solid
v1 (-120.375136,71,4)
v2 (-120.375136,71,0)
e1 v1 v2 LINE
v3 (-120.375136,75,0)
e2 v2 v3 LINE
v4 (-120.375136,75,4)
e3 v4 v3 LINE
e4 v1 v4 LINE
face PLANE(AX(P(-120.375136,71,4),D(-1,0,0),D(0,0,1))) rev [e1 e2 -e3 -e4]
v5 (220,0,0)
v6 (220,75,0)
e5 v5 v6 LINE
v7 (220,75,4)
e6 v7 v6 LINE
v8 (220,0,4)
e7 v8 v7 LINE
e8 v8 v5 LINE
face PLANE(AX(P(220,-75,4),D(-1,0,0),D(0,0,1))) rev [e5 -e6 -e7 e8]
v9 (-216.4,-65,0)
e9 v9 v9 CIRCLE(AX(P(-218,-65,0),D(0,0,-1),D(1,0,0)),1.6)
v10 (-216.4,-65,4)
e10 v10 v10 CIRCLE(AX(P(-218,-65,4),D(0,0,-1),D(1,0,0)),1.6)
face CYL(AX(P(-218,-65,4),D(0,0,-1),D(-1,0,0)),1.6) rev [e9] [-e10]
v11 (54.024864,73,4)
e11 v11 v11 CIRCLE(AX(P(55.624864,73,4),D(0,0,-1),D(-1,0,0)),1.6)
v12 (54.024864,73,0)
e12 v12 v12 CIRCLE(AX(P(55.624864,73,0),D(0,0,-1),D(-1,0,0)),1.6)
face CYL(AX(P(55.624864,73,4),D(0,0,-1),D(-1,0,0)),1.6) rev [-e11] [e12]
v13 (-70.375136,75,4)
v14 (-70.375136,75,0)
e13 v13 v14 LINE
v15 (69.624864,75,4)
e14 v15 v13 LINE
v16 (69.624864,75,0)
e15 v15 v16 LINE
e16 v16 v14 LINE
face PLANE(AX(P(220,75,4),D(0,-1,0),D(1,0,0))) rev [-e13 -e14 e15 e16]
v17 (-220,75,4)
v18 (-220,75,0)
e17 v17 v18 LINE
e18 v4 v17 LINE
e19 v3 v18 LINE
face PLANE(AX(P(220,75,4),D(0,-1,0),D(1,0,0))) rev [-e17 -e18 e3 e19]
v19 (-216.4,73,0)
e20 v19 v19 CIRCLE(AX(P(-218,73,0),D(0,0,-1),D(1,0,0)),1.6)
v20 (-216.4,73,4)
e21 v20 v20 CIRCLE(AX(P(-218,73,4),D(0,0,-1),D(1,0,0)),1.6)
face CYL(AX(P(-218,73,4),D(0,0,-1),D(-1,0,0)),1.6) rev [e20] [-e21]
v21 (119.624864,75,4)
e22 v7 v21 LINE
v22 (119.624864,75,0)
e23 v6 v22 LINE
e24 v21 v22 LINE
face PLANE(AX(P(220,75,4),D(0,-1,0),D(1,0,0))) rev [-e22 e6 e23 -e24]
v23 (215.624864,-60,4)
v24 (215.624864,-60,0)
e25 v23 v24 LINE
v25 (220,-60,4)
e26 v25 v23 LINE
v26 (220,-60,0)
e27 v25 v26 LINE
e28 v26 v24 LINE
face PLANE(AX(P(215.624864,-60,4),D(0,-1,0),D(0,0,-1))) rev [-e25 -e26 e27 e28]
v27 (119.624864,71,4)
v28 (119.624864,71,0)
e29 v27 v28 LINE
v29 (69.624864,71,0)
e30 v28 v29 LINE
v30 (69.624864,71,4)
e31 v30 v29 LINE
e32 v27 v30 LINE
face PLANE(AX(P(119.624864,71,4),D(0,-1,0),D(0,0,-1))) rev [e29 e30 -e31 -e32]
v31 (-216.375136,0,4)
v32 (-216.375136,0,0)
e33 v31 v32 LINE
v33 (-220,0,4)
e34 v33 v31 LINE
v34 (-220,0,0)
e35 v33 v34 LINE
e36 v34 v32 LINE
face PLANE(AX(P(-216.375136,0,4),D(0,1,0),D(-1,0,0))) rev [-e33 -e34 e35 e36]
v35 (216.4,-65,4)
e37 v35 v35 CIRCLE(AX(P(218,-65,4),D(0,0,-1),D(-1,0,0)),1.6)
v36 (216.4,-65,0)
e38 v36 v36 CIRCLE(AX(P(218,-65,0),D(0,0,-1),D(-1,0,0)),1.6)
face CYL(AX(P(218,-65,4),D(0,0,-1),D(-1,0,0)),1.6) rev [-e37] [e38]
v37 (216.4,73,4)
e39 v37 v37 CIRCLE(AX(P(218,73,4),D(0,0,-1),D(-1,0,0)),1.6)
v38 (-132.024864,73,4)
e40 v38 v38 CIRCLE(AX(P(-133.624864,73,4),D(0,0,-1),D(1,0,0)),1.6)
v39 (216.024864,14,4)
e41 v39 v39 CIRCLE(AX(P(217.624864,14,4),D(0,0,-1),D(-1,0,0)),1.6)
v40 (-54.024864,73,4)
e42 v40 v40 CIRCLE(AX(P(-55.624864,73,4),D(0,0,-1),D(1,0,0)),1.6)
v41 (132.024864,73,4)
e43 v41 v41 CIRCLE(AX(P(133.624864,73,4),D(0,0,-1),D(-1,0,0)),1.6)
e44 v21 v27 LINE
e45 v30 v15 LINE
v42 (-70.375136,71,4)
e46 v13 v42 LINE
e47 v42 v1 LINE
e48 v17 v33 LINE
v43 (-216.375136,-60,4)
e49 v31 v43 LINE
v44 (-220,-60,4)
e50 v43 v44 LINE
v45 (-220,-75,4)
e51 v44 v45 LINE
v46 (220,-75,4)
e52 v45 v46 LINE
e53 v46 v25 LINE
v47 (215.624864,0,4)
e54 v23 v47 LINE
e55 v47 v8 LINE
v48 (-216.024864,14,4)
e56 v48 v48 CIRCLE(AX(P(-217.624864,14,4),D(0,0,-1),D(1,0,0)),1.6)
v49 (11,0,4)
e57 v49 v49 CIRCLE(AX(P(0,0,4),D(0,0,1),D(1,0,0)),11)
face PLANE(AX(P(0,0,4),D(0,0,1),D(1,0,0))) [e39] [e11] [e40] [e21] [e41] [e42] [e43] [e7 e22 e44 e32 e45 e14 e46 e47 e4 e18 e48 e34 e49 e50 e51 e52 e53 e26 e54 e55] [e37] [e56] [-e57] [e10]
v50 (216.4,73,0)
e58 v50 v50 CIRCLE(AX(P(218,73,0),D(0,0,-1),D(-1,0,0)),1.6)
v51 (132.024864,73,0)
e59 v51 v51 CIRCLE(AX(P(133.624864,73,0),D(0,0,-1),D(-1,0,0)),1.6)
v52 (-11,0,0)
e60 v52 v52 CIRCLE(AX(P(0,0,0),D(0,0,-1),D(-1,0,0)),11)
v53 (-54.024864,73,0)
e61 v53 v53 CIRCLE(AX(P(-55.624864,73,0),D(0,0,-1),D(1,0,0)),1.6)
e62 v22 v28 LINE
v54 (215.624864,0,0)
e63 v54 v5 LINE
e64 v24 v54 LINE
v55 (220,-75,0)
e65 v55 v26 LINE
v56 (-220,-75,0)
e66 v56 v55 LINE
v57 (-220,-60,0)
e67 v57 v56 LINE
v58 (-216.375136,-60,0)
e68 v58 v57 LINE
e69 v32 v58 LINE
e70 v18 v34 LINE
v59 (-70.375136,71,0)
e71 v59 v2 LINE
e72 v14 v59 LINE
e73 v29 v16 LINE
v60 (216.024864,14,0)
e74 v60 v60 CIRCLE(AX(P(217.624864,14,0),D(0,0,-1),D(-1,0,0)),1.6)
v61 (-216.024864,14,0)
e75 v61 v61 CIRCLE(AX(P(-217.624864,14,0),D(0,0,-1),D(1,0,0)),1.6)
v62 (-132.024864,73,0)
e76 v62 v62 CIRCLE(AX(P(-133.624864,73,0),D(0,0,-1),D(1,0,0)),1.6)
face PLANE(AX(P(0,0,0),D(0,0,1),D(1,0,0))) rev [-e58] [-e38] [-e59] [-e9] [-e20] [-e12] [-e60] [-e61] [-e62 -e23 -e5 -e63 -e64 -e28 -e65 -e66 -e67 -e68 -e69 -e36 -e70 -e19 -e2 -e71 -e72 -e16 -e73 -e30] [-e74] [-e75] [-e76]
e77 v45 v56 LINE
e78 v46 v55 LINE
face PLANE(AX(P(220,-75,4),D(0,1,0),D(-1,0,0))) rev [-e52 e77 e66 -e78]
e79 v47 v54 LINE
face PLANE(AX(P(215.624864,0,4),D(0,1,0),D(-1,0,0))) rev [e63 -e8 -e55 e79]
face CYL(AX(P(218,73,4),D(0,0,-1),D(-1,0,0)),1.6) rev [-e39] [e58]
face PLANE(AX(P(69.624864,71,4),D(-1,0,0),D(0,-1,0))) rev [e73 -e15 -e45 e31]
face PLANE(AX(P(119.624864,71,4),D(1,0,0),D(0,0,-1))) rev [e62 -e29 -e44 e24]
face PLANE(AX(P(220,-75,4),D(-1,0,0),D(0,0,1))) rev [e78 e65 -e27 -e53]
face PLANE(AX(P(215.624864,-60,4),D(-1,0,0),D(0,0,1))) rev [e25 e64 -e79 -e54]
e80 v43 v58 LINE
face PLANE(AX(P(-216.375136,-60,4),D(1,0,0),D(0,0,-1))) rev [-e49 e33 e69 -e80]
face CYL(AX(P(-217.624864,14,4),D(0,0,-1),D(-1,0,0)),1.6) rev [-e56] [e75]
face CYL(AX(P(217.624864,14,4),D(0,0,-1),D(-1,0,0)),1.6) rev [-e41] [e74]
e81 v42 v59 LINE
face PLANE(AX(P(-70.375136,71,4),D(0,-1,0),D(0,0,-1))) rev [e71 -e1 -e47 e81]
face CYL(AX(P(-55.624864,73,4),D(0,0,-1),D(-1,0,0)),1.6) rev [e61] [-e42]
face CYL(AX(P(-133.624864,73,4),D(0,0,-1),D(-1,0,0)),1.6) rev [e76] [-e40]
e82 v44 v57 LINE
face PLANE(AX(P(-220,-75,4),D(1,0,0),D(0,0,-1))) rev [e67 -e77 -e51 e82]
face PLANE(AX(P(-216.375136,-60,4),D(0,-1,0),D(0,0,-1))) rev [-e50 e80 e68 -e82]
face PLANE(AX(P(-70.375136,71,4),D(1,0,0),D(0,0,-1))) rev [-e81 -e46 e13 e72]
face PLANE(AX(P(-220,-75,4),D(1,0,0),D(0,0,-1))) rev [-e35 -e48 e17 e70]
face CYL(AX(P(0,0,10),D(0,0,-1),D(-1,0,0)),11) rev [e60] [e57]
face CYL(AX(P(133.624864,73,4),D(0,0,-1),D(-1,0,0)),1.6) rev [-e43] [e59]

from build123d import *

# Parameters (mm, degrees)
ESQUISSE1_W             = 440
ESQUISSE1_H             = 150
BOSS_EXTRU_1_DEPTH      = 4
ESQUISSE2_R             = 11
ENL_V_MAT_EXTRU_1_DEPTH = 10
ESQUISSE3_W             = 3.624864112
ESQUISSE3_H             = 60
ESQUISSE3_W_2           = 4.375135888
ESQUISSE3_W_3           = 50
ESQUISSE3_H_2           = 4
ENL_V_MAT_EXTRU_2_DEPTH = 4
ESQUISSE4_R             = 1.6
ENL_V_MAT_EXTRU_3_DEPTH = 4


with BuildPart() as part:
    # Esquisse1 → Boss.-Extru.1 (new body)
    with BuildSketch(Plane.XY):
        Rectangle(ESQUISSE1_W, ESQUISSE1_H)
    extrude(amount=BOSS_EXTRU_1_DEPTH)

    # Esquisse2 → Enlèv. mat.-Extru.1 (cut)
    with BuildSketch(Plane(origin=(0, 0, 0), x_dir=(-1, 0, 0), z_dir=(0, 0, -1))):
        Circle(ESQUISSE2_R)
    extrude(amount=-ENL_V_MAT_EXTRU_1_DEPTH, mode=Mode.SUBTRACT)

    # Esquisse3 → Enlèv. mat.-Extru.2 (cut)
    with BuildSketch(Plane(origin=(0, 0, 0), x_dir=(-1, 0, 0), z_dir=(0, 0, -1))):
        with Locations((218.187567944, -30)):
            Rectangle(ESQUISSE3_W, ESQUISSE3_H)
        with Locations((-217.812432056, -30)):
            Rectangle(ESQUISSE3_W_2, ESQUISSE3_H)
        with Locations((95.375135888, 73)):
            Rectangle(ESQUISSE3_W_3, ESQUISSE3_H_2)
        with Locations((-94.624864112, 73)):
            Rectangle(ESQUISSE3_W_3, ESQUISSE3_H_2)
    extrude(amount=-ENL_V_MAT_EXTRU_2_DEPTH, mode=Mode.SUBTRACT)

    # Esquisse4 → Enlèv. mat.-Extru.3 (cut)
    with BuildSketch(Plane(origin=(0, 0, 0), x_dir=(-1, 0, 0), z_dir=(0, 0, -1))):
        with Locations((-217.624864112, 14)):
            Circle(ESQUISSE4_R)
        with Locations((-218, 73)):
            Circle(ESQUISSE4_R)
        with Locations((-218, -65)):
            Circle(ESQUISSE4_R)
        with Locations((-133.624864112, 73)):
            Circle(ESQUISSE4_R)
        with Locations((-55.624864112, 73)):
            Circle(ESQUISSE4_R)
        with Locations(Location((55.624864112, 73, 0), (0, 0, 180))):
            Circle(ESQUISSE4_R)
        with Locations(Location((133.624864112, 73, 0), (0, 0, 180))):
            Circle(ESQUISSE4_R)
        with Locations(Location((218, -65, 0), (0, 0, 180))):
            Circle(ESQUISSE4_R)
        with Locations(Location((218, 73, 0), (0, 0, 180))):
            Circle(ESQUISSE4_R)
        with Locations(Location((217.624864112, 14, 0), (0, 0, 180))):
            Circle(ESQUISSE4_R)
    extrude(amount=-ENL_V_MAT_EXTRU_3_DEPTH, mode=Mode.SUBTRACT)


solid = part.part
